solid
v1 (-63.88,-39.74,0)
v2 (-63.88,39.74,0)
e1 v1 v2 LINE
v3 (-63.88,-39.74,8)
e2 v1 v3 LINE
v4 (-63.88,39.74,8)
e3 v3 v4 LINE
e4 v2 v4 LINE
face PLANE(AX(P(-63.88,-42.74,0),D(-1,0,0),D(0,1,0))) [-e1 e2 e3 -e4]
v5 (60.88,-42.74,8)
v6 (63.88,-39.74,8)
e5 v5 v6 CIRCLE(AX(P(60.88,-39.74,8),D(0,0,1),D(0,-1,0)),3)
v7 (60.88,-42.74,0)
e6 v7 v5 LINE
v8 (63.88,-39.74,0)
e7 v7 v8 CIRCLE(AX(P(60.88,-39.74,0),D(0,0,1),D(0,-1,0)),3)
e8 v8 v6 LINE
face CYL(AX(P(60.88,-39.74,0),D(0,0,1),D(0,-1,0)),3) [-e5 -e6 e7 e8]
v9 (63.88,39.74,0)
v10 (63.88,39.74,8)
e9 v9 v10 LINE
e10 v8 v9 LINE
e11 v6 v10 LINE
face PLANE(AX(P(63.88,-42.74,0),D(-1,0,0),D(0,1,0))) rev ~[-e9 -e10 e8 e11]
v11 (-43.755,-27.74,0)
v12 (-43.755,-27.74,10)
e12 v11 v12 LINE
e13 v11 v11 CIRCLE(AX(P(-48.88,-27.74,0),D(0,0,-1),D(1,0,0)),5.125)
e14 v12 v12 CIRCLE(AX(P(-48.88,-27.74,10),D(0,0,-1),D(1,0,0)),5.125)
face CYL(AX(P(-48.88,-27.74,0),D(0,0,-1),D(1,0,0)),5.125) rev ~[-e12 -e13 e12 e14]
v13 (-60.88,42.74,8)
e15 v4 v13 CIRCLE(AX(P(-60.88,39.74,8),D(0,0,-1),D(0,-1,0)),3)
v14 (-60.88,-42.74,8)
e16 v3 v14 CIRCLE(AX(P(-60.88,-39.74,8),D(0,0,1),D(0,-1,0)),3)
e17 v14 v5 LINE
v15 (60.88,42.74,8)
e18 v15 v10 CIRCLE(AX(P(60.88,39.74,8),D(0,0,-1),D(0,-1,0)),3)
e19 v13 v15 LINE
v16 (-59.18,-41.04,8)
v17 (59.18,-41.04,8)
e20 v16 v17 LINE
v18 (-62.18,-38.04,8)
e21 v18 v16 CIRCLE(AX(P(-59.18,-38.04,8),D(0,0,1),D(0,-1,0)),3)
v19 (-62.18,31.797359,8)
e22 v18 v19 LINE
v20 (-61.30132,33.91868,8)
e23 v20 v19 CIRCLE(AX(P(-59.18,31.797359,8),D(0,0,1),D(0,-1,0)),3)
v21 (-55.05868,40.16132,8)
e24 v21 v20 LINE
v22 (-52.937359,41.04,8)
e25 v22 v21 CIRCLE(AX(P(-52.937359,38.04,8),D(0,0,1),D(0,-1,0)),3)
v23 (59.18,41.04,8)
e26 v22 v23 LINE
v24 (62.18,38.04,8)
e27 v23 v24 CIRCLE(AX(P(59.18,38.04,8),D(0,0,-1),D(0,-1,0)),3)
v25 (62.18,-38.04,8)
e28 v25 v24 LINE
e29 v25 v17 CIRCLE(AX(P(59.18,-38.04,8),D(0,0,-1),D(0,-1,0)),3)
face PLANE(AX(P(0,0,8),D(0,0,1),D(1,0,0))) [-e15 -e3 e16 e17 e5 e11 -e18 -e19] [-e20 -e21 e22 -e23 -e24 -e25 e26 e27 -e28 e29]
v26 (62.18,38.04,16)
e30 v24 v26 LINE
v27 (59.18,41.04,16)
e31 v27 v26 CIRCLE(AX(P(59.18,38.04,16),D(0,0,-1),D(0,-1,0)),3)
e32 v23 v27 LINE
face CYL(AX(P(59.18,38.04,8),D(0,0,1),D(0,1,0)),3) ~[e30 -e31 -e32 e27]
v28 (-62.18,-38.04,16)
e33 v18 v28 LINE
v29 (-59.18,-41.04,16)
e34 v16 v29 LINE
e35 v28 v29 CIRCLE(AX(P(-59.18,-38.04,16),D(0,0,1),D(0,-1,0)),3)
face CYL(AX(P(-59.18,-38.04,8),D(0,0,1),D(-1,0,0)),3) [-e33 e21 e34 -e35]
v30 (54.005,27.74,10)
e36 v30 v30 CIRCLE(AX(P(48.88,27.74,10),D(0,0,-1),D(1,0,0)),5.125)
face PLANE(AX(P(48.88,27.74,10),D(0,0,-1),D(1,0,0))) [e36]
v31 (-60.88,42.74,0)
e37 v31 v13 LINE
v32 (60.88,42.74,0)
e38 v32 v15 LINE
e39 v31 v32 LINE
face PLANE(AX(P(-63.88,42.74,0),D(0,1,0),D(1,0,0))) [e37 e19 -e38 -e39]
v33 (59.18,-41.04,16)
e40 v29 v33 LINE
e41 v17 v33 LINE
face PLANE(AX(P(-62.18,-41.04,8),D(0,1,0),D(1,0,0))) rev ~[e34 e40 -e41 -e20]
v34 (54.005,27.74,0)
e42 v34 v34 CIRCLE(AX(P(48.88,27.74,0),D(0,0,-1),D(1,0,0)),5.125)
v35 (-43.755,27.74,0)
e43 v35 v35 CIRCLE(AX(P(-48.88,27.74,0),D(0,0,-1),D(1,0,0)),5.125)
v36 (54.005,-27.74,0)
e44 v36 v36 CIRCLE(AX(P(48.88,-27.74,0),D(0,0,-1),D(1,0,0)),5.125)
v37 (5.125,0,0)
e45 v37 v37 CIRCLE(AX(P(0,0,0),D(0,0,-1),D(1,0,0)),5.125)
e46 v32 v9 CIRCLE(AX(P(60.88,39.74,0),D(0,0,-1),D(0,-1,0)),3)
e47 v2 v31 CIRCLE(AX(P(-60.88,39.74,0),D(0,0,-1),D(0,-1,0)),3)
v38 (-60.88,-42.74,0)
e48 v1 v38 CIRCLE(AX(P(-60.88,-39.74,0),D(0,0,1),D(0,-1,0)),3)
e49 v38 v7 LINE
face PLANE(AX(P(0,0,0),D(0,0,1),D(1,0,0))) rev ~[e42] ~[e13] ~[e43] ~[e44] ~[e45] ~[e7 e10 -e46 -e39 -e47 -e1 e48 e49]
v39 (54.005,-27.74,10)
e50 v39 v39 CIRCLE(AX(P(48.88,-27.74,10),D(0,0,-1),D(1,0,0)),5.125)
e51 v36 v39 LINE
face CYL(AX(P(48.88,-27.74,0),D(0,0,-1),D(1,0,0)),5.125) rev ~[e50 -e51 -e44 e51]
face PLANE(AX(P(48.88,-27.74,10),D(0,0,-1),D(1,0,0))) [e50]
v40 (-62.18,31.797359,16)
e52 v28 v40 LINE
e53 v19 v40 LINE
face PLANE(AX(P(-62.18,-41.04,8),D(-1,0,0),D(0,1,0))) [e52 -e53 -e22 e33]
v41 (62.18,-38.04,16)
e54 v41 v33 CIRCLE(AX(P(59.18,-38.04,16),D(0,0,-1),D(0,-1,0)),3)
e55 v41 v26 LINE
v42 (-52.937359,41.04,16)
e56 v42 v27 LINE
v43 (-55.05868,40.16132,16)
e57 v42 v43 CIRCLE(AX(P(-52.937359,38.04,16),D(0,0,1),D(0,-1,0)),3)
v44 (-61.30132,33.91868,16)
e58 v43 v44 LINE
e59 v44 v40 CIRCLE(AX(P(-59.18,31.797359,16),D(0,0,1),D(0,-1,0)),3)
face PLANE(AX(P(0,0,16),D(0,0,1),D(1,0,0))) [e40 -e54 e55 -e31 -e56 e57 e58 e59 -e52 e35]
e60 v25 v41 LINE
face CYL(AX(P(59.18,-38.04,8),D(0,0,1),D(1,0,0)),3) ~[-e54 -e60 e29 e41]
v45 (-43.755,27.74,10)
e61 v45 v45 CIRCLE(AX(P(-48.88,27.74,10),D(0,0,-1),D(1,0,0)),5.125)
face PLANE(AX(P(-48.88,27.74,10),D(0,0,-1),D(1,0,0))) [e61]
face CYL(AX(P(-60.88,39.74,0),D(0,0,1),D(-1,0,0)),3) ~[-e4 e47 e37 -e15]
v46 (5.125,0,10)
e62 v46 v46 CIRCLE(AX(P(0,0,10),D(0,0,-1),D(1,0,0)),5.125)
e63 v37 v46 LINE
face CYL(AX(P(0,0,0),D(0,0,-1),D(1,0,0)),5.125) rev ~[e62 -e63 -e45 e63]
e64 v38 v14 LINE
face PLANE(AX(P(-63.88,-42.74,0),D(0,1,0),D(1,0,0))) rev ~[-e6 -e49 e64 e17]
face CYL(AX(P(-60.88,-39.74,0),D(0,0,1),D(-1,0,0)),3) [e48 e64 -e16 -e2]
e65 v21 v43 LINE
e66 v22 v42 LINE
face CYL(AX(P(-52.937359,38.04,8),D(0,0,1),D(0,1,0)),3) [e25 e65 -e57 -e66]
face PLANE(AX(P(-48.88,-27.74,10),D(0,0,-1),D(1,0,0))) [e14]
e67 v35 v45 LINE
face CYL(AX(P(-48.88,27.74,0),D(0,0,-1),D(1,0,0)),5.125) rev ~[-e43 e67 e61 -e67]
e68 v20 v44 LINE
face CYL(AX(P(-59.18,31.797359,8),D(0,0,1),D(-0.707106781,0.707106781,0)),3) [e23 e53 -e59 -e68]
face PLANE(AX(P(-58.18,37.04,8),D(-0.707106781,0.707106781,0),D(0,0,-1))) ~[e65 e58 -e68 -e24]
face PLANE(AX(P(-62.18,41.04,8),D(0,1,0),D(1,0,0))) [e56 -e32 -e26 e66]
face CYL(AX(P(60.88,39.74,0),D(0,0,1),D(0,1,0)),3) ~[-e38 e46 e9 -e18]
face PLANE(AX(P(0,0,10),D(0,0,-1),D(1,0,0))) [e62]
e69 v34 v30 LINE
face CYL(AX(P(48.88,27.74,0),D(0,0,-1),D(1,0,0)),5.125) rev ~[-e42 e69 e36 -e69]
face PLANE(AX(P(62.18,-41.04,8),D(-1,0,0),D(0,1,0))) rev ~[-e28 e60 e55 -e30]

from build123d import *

# Parameters (mm, degrees)
F0_W     = 127.76
F0_H     = 85.48
F1_DEPTH = 8
F3_W     = 124.36
F3_H     = 82.08
F4_DEPTH = 8
F5_SIZE  = 8
F6_R     = 3
F7_R     = 5.125
F8_DEPTH = 10


with BuildPart() as f1:
    # F0 (on Top) → F1 (new body)
    with BuildSketch(Plane.XY):
        Rectangle(F0_W, F0_H)
    extrude(amount=F1_DEPTH)

    # F3 (on face) → F4 (join)
    with BuildSketch(Plane.XY.offset(8)):
        Rectangle(F3_W, F3_H)
    extrude(amount=F4_DEPTH)

    # F5
    f5_edges = [f1.edges().sort_by_distance(p)[0] for p in [
        (-62.18, 41.04, 12),
    ]]
    chamfer(f5_edges, length=F5_SIZE)

    # F6
    f6_edges = [f1.edges().sort_by_distance(p)[0] for p in [
        (-63.88, 42.74, 4),
        (-63.88, -42.74, 4),
        (63.88, -42.74, 4),
        (63.88, 42.74, 4),
        (-62.18, 33.04, 12),
        (-62.18, -41.04, 12),
        (62.18, -41.04, 12),
        (62.18, 41.04, 12),
        (-54.18, 41.04, 12),
    ]]
    fillet(f6_edges, radius=F6_R)

    # F7 (on face) → F8 (cut)
    with BuildSketch(Plane(origin=(0, 0, 0), x_dir=(1, 0, 0), z_dir=(0, 0, -1))):
        Circle(F7_R)
        with Locations((48.88, 27.74)):
            Circle(F7_R)
        with Locations((48.88, -27.74)):
            Circle(F7_R)
        with Locations((-48.88, -27.74)):
            Circle(F7_R)
        with Locations((-48.88, 27.74)):
            Circle(F7_R)
    extrude(amount=-F8_DEPTH, mode=Mode.SUBTRACT)


solid = f1.part
